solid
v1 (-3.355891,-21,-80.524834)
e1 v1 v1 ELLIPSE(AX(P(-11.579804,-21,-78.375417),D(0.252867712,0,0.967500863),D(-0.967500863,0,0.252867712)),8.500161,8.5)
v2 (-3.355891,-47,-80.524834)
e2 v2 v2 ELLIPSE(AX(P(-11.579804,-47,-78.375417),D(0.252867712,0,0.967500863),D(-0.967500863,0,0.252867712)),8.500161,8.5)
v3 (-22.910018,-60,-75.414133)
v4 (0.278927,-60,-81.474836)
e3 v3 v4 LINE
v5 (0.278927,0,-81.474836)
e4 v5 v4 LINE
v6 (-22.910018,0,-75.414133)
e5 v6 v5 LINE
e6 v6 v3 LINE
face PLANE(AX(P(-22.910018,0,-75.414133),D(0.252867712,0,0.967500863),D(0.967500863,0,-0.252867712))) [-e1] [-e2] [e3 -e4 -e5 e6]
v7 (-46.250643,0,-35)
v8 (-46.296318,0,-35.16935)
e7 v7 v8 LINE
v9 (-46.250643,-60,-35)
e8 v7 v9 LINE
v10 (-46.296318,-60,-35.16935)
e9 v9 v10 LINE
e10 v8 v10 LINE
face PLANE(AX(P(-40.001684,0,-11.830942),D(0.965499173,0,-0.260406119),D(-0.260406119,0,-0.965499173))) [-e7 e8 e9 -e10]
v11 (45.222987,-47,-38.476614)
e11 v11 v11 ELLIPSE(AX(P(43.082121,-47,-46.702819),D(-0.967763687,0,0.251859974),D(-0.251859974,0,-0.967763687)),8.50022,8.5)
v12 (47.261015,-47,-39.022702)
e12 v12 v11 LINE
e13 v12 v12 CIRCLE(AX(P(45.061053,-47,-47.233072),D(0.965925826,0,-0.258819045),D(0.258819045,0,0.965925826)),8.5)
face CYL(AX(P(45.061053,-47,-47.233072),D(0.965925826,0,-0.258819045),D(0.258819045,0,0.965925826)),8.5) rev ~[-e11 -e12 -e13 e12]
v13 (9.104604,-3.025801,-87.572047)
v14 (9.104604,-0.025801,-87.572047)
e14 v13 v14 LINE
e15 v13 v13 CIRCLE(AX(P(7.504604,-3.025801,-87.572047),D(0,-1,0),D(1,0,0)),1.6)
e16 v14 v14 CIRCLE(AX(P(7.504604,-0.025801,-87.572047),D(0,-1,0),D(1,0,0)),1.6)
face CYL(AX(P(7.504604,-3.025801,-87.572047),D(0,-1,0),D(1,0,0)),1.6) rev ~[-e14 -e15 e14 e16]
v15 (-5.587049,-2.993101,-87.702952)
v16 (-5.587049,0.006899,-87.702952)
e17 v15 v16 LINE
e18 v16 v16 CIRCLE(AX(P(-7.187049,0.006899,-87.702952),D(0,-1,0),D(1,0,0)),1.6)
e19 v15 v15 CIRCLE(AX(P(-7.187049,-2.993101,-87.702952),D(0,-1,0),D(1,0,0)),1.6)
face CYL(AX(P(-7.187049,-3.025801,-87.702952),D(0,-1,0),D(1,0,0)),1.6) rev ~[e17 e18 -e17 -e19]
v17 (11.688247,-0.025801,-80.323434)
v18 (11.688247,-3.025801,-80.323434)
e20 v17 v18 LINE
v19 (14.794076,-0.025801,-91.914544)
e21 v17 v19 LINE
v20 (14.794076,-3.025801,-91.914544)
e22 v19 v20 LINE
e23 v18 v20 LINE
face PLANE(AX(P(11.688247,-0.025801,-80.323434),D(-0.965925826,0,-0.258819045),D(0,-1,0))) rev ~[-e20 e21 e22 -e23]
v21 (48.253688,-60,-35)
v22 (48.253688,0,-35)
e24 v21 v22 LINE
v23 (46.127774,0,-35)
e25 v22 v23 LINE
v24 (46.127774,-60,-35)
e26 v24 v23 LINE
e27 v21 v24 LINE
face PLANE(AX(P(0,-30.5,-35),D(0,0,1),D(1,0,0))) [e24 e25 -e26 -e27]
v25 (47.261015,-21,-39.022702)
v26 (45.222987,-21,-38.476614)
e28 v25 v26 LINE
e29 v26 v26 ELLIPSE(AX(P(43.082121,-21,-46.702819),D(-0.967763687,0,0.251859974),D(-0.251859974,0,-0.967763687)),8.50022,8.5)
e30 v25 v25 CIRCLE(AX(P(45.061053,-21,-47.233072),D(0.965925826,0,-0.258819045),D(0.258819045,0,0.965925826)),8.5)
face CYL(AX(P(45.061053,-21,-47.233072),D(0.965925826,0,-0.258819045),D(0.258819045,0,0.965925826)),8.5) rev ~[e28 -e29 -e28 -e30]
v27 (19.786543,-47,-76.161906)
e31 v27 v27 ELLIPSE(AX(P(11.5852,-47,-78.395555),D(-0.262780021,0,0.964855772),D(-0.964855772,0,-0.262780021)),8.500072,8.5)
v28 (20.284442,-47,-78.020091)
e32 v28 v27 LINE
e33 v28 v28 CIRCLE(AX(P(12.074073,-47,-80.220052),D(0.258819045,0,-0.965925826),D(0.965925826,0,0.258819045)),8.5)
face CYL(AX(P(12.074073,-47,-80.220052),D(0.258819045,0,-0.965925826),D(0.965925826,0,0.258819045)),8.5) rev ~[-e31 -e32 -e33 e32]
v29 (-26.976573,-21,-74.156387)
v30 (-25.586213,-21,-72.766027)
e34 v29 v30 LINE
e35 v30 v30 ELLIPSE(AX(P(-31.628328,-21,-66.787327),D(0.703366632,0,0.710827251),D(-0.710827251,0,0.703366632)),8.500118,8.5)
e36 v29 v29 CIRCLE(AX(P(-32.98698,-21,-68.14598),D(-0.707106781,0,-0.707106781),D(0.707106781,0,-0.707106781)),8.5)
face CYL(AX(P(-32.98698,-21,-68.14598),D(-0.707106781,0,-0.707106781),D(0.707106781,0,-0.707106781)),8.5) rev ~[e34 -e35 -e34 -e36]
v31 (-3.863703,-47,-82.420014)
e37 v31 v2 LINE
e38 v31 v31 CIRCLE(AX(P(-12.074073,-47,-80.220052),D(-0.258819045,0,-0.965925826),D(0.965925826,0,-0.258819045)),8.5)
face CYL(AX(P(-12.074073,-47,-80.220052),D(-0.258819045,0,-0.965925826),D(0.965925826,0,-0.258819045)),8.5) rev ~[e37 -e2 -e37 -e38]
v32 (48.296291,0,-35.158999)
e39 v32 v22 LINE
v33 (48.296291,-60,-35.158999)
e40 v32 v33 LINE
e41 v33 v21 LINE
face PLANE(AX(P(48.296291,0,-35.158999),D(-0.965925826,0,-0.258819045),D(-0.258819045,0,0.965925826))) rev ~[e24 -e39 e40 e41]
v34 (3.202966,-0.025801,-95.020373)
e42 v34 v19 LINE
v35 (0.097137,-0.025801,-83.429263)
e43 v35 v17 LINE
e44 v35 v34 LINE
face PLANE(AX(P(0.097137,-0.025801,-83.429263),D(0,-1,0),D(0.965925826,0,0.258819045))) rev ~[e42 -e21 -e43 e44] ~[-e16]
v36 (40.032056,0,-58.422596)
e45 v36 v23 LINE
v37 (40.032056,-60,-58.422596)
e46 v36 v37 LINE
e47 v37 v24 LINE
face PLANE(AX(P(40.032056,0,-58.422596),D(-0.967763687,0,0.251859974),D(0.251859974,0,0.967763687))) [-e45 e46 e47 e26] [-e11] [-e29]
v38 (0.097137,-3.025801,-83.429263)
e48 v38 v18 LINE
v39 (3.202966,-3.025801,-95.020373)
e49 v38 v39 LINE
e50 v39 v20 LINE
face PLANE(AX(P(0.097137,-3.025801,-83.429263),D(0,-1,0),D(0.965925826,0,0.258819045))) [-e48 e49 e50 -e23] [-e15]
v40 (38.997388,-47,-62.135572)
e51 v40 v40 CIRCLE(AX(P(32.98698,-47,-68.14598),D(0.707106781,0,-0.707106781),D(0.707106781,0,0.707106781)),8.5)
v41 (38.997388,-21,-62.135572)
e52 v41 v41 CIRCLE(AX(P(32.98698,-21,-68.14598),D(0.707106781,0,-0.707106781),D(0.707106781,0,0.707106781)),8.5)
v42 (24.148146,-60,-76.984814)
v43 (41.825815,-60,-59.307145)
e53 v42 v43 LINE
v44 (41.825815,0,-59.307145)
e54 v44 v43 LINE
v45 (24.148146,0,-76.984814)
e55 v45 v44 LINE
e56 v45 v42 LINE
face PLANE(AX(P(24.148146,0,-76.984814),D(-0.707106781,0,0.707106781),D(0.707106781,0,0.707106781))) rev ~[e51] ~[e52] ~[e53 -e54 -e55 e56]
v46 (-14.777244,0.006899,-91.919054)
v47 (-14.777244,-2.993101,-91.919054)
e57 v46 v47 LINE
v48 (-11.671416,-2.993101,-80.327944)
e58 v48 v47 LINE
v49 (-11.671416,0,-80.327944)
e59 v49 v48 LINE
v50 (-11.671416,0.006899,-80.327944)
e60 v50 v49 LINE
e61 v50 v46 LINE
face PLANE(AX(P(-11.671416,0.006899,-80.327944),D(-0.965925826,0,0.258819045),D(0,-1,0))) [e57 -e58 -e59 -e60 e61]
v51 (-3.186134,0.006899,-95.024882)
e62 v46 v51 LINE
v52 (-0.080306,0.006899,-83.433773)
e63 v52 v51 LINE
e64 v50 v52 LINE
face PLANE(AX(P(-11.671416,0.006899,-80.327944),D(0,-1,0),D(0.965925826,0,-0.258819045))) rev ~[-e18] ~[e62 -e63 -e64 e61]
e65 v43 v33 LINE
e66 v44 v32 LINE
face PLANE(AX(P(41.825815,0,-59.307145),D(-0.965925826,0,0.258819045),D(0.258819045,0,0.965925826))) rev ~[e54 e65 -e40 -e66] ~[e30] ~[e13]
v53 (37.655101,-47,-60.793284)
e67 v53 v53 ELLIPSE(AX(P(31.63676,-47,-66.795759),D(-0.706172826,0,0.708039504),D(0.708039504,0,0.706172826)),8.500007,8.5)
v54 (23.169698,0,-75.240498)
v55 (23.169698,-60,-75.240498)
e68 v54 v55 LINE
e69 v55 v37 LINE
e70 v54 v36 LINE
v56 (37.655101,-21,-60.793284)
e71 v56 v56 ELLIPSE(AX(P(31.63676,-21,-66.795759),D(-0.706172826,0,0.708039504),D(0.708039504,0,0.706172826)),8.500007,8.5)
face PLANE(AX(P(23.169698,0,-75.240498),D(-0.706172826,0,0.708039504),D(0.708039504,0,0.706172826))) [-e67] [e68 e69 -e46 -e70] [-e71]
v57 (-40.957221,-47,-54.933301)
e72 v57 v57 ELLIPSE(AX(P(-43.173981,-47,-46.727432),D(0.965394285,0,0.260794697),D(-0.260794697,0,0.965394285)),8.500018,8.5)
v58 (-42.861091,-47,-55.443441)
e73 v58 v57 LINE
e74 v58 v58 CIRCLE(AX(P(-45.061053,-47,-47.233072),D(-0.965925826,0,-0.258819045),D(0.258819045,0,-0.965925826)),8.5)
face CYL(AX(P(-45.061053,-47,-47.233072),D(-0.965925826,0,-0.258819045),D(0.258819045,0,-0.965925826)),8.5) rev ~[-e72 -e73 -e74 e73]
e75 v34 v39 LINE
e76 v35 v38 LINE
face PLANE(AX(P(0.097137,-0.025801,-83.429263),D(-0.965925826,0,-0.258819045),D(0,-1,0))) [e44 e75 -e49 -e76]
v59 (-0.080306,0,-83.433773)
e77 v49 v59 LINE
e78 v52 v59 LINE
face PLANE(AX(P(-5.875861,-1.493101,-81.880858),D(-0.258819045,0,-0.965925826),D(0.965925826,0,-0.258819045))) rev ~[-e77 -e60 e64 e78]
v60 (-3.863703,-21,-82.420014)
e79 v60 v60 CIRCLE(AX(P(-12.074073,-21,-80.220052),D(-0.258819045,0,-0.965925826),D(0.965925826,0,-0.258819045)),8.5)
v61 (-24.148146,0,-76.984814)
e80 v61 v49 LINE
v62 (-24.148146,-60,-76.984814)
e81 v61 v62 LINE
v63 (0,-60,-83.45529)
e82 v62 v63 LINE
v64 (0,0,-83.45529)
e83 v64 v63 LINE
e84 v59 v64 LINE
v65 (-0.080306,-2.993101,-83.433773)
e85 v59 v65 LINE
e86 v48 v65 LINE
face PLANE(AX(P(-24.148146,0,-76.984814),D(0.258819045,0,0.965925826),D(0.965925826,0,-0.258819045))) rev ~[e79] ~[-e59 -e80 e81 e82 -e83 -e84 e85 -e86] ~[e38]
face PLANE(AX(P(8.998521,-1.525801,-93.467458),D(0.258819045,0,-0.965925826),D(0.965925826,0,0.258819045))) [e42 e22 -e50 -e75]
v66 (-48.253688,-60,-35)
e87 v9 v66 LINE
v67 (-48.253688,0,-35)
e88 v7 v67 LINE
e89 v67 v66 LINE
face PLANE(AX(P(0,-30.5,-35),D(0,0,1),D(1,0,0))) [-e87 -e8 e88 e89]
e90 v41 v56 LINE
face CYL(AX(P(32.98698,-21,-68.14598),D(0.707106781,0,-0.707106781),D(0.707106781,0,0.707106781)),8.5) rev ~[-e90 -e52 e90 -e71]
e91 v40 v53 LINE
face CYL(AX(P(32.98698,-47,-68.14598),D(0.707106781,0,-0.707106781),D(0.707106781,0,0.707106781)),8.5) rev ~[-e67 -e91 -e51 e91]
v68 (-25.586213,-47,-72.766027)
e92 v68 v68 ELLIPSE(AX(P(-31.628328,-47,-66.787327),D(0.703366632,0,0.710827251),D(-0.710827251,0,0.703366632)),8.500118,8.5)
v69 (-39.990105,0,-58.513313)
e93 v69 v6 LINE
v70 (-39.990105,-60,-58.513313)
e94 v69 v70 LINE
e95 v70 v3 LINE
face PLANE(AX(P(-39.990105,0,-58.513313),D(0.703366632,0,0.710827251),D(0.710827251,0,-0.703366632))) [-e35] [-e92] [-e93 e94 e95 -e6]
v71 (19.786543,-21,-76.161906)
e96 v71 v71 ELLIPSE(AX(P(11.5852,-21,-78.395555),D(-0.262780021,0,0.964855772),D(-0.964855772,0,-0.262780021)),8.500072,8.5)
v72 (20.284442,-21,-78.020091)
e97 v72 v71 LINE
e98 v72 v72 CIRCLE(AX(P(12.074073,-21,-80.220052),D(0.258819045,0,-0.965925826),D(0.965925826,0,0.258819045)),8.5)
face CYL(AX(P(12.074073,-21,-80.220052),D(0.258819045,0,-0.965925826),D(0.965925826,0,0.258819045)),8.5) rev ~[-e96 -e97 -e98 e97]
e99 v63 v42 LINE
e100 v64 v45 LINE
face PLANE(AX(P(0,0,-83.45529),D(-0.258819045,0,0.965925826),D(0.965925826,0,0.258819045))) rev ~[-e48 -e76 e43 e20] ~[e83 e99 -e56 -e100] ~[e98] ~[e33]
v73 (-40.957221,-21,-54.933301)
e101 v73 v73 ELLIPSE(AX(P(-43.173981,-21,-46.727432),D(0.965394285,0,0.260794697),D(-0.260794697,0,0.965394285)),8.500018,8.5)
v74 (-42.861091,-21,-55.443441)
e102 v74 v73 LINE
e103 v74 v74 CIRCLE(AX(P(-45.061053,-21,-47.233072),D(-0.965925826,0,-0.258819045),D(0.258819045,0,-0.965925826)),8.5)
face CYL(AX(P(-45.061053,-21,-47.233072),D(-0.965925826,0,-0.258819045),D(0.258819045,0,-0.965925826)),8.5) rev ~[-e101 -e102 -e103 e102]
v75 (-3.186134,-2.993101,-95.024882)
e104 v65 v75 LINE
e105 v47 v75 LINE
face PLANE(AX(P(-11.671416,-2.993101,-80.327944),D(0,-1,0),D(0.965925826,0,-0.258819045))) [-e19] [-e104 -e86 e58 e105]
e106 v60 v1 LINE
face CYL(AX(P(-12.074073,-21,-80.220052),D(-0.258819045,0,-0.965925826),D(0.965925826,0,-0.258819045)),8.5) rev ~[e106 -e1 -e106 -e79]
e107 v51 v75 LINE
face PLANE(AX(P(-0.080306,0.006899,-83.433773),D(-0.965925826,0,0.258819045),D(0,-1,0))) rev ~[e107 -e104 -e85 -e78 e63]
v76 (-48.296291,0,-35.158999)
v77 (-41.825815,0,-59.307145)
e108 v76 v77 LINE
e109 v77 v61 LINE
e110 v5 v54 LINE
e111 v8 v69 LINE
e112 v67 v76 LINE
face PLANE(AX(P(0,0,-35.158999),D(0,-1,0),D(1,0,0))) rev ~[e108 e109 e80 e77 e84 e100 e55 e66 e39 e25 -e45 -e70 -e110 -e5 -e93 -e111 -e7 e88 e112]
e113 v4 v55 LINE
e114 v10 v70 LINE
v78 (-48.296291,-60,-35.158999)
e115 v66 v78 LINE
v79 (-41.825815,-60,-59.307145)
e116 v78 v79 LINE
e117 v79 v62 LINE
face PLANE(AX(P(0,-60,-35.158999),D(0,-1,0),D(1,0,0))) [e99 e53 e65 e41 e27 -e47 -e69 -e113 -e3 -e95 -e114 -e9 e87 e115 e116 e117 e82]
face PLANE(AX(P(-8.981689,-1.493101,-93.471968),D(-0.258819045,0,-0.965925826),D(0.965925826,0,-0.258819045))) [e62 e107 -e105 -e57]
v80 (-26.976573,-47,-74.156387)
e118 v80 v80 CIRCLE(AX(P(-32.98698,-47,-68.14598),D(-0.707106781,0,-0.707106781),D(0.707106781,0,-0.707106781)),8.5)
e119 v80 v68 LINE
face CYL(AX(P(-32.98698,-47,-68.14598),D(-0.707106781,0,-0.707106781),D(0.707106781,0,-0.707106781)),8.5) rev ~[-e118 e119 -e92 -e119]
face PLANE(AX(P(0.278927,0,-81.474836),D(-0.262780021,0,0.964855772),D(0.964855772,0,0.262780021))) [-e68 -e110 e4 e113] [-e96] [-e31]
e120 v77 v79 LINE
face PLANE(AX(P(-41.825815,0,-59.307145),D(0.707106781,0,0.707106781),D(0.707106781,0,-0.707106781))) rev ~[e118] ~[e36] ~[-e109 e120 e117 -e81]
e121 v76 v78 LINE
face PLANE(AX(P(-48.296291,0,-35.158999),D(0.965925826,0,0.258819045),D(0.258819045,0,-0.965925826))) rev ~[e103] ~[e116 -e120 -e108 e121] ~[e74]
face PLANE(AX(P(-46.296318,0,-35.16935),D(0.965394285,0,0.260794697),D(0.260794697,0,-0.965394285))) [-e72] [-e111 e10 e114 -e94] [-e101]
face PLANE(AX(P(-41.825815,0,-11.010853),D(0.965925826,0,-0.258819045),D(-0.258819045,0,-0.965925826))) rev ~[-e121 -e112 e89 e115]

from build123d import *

# Parameters (mm, degrees)
BOX_W           = 100
BOX_H           = 63
BOX_DEPTH       = 57
PAD_DEPTH       = 60
POCKET_DEPTH    = 60
SKETCH002_R     = 8.5
POCKET001_DEPTH = 5
SKETCH003_R     = 8.5
POCKET002_DEPTH = 5
SKETCH004_R     = 8.5
POCKET003_DEPTH = 5
SKETCH005_R     = 8.5
POCKET004_DEPTH = 5
SKETCH006_R     = 8.5
POCKET005_DEPTH = 5
SKETCH007_R     = 8.5
POCKET006_DEPTH = 5
SKETCH008_W     = 12
SKETCH008_H     = 3
PAD001_DEPTH    = 12
SKETCH009_W     = 12
SKETCH009_H     = 3
PAD002_DEPTH    = 12
SKETCH010_R     = 1.6
POCKET007_DEPTH = 5


with BuildPart() as cubo:
    # Box → Box (new body)
    with BuildSketch(Plane(origin=(-50, -62, -35), x_dir=(1, 0, 0), z_dir=(0, 0, 1))):
        with Locations((50, 31.5)):
            Rectangle(BOX_W, BOX_H)
    extrude(amount=BOX_DEPTH)


with BuildPart() as cut:
    # Sketch → Pad (new body)
    with BuildSketch(Plane.XZ):
        Polygon((0, 13.1372921726), (-24.1481456572, 6.666816045), (-41.8258151869, -11.0108534847), (-48.2962913145, -35.1589991419), (-41.8258151869, -59.3071447991), (-24.1481456572, -76.9848143288), (0, -83.4552904564), (24.1481456572, -76.9848143288), (41.8258151869, -59.3071447991), (48.2962913145, -35.1589991419), (41.8258151869, -11.0108534847), (24.1481456572, 6.666816045), align=None)
    extrude(amount=PAD_DEPTH)

    # Sketch001 (on Face13 of Pad) → Pocket (cut)
    with BuildSketch(Plane(origin=(0, 0, 0), x_dir=(1, 0, 0), z_dir=(0, 1, 0))):
        Polygon((0.2789274024, 81.4748360882), (23.1696976244, 75.2404980022), (40.0320556094, 58.422596), (46.1550508689, 34.895187618), (40.0872400093, 11.9994668326), (23.2933636529, -4.8586822764), (-0.3577352301, -11.1695458715), (-23.1458968596, -4.9360655293), (-40.0016837516, 11.8309415939), (-46.2963180976, 35.1693495985), (-39.9901052234, 58.5133129971), (-22.9100181577, 75.4141328541), align=None)
    extrude(amount=-POCKET_DEPTH, mode=Mode.SUBTRACT)

    # Sketch002 (on Face11 of Pocket) → Pocket001 (cut)
    with BuildSketch(Plane(origin=(-50.566479993, 0, -50.566479993), x_dir=(0.7071067812, 0, -0.7071067812), z_dir=(-0.7071067812, 0, -0.7071067812))):
        with Locations((24.861166713, 47)):
            Circle(SKETCH002_R)
        with Locations((24.861166713, 21)):
            Circle(SKETCH002_R)
    extrude(amount=-POCKET001_DEPTH, mode=Mode.SUBTRACT)

    # Sketch003 (on Face13 of Pocket001) → Pocket002 (cut)
    with BuildSketch(Plane(origin=(-20.8638226141, 0, -77.8648460359), x_dir=(0.9659258263, 0, -0.2588190451), z_dir=(-0.2588190451, 0, -0.9659258263))):
        with Locations((9.0998185847, 47)):
            Circle(SKETCH003_R)
        with Locations((9.0998185847, 21)):
            Circle(SKETCH003_R)
    extrude(amount=-POCKET002_DEPTH, mode=Mode.SUBTRACT)

    # Sketch004 (on Face14 of Pocket002) → Pocket003 (cut)
    with BuildSketch(Plane(origin=(20.8638226141, 0, -77.8648460359), x_dir=(0.9659258263, 0, 0.2588190451), z_dir=(0.2588190451, 0, -0.9659258263))):
        with Locations((-9.0998185847, 47)):
            Circle(SKETCH004_R)
        with Locations((-9.0998185847, 21)):
            Circle(SKETCH004_R)
    extrude(amount=-POCKET003_DEPTH, mode=Mode.SUBTRACT)

    # Sketch005 (on Face12 of Pocket003) → Pocket004 (cut)
    with BuildSketch(Plane(origin=(50.566479993, 0, -50.566479993), x_dir=(0.7071067812, 0, 0.7071067812), z_dir=(0.7071067812, 0, -0.7071067812))):
        with Locations((-24.861166713, 47)):
            Circle(SKETCH005_R)
        with Locations((-24.861166713, 21)):
            Circle(SKETCH005_R)
    extrude(amount=-POCKET004_DEPTH, mode=Mode.SUBTRACT)

    # Sketch006 (on Face10 of Pocket004) → Pocket005 (cut)
    with BuildSketch(Plane(origin=(53.8508030361, 0, -14.4292791853), x_dir=(0.2588190451, 0, 0.9659258263), z_dir=(0.9659258263, 0, -0.2588190451))):
        with Locations((-33.9609852976, 47)):
            Circle(SKETCH006_R)
        with Locations((-33.9609852976, 21)):
            Circle(SKETCH006_R)
    extrude(amount=-POCKET005_DEPTH, mode=Mode.SUBTRACT)

    # Sketch007 (on Face9 of Pocket005) → Pocket006 (cut)
    with BuildSketch(Plane(origin=(-53.8508030361, 0, -14.4292791853), x_dir=(0.2588190451, 0, -0.9659258263), z_dir=(-0.9659258263, 0, -0.2588190451))):
        with Locations((33.9609852976, 47)):
            Circle(SKETCH007_R)
        with Locations((33.9609852976, 21)):
            Circle(SKETCH007_R)
    extrude(amount=-POCKET006_DEPTH, mode=Mode.SUBTRACT)

    # Sketch008 (on Face14 of Pocket006) → Pad001 (join)
    with BuildSketch(Plane(origin=(20.8638226141, 0, -77.8648460359), x_dir=(0.9659258263, 0, 0.2588190451), z_dir=(0.2588190451, 0, -0.9659258263))):
        with Locations((-15.4992547125, 1.5258008155)):
            Rectangle(SKETCH008_W, SKETCH008_H)
    extrude(amount=PAD001_DEPTH)

    # Sketch009 (on Face13 of Pad001) → Pad002 (join)
    with BuildSketch(Plane(origin=(-20.8638226141, 0, -77.8648460359), x_dir=(0.9659258263, 0, -0.2588190451), z_dir=(-0.2588190451, 0, -0.9659258263))):
        with Locations((15.5166798155, 1.4931005082)):
            Rectangle(SKETCH009_W, SKETCH009_H)
    extrude(amount=PAD002_DEPTH)

    # Sketch010 (on Face42 of Pad002) → Pocket007 (cut)
    with BuildSketch(Plane.XZ.offset(3.0258008155)):
        with Locations((7.5046039895, -87.5720469825)):
            Circle(SKETCH010_R)
        with Locations((-7.1870487225, -87.7029523498)):
            Circle(SKETCH010_R)
    extrude(amount=-POCKET007_DEPTH, mode=Mode.SUBTRACT)

    # Cut: cut Cubo
    add(cubo.part, mode=Mode.SUBTRACT)


solid = cut.part
